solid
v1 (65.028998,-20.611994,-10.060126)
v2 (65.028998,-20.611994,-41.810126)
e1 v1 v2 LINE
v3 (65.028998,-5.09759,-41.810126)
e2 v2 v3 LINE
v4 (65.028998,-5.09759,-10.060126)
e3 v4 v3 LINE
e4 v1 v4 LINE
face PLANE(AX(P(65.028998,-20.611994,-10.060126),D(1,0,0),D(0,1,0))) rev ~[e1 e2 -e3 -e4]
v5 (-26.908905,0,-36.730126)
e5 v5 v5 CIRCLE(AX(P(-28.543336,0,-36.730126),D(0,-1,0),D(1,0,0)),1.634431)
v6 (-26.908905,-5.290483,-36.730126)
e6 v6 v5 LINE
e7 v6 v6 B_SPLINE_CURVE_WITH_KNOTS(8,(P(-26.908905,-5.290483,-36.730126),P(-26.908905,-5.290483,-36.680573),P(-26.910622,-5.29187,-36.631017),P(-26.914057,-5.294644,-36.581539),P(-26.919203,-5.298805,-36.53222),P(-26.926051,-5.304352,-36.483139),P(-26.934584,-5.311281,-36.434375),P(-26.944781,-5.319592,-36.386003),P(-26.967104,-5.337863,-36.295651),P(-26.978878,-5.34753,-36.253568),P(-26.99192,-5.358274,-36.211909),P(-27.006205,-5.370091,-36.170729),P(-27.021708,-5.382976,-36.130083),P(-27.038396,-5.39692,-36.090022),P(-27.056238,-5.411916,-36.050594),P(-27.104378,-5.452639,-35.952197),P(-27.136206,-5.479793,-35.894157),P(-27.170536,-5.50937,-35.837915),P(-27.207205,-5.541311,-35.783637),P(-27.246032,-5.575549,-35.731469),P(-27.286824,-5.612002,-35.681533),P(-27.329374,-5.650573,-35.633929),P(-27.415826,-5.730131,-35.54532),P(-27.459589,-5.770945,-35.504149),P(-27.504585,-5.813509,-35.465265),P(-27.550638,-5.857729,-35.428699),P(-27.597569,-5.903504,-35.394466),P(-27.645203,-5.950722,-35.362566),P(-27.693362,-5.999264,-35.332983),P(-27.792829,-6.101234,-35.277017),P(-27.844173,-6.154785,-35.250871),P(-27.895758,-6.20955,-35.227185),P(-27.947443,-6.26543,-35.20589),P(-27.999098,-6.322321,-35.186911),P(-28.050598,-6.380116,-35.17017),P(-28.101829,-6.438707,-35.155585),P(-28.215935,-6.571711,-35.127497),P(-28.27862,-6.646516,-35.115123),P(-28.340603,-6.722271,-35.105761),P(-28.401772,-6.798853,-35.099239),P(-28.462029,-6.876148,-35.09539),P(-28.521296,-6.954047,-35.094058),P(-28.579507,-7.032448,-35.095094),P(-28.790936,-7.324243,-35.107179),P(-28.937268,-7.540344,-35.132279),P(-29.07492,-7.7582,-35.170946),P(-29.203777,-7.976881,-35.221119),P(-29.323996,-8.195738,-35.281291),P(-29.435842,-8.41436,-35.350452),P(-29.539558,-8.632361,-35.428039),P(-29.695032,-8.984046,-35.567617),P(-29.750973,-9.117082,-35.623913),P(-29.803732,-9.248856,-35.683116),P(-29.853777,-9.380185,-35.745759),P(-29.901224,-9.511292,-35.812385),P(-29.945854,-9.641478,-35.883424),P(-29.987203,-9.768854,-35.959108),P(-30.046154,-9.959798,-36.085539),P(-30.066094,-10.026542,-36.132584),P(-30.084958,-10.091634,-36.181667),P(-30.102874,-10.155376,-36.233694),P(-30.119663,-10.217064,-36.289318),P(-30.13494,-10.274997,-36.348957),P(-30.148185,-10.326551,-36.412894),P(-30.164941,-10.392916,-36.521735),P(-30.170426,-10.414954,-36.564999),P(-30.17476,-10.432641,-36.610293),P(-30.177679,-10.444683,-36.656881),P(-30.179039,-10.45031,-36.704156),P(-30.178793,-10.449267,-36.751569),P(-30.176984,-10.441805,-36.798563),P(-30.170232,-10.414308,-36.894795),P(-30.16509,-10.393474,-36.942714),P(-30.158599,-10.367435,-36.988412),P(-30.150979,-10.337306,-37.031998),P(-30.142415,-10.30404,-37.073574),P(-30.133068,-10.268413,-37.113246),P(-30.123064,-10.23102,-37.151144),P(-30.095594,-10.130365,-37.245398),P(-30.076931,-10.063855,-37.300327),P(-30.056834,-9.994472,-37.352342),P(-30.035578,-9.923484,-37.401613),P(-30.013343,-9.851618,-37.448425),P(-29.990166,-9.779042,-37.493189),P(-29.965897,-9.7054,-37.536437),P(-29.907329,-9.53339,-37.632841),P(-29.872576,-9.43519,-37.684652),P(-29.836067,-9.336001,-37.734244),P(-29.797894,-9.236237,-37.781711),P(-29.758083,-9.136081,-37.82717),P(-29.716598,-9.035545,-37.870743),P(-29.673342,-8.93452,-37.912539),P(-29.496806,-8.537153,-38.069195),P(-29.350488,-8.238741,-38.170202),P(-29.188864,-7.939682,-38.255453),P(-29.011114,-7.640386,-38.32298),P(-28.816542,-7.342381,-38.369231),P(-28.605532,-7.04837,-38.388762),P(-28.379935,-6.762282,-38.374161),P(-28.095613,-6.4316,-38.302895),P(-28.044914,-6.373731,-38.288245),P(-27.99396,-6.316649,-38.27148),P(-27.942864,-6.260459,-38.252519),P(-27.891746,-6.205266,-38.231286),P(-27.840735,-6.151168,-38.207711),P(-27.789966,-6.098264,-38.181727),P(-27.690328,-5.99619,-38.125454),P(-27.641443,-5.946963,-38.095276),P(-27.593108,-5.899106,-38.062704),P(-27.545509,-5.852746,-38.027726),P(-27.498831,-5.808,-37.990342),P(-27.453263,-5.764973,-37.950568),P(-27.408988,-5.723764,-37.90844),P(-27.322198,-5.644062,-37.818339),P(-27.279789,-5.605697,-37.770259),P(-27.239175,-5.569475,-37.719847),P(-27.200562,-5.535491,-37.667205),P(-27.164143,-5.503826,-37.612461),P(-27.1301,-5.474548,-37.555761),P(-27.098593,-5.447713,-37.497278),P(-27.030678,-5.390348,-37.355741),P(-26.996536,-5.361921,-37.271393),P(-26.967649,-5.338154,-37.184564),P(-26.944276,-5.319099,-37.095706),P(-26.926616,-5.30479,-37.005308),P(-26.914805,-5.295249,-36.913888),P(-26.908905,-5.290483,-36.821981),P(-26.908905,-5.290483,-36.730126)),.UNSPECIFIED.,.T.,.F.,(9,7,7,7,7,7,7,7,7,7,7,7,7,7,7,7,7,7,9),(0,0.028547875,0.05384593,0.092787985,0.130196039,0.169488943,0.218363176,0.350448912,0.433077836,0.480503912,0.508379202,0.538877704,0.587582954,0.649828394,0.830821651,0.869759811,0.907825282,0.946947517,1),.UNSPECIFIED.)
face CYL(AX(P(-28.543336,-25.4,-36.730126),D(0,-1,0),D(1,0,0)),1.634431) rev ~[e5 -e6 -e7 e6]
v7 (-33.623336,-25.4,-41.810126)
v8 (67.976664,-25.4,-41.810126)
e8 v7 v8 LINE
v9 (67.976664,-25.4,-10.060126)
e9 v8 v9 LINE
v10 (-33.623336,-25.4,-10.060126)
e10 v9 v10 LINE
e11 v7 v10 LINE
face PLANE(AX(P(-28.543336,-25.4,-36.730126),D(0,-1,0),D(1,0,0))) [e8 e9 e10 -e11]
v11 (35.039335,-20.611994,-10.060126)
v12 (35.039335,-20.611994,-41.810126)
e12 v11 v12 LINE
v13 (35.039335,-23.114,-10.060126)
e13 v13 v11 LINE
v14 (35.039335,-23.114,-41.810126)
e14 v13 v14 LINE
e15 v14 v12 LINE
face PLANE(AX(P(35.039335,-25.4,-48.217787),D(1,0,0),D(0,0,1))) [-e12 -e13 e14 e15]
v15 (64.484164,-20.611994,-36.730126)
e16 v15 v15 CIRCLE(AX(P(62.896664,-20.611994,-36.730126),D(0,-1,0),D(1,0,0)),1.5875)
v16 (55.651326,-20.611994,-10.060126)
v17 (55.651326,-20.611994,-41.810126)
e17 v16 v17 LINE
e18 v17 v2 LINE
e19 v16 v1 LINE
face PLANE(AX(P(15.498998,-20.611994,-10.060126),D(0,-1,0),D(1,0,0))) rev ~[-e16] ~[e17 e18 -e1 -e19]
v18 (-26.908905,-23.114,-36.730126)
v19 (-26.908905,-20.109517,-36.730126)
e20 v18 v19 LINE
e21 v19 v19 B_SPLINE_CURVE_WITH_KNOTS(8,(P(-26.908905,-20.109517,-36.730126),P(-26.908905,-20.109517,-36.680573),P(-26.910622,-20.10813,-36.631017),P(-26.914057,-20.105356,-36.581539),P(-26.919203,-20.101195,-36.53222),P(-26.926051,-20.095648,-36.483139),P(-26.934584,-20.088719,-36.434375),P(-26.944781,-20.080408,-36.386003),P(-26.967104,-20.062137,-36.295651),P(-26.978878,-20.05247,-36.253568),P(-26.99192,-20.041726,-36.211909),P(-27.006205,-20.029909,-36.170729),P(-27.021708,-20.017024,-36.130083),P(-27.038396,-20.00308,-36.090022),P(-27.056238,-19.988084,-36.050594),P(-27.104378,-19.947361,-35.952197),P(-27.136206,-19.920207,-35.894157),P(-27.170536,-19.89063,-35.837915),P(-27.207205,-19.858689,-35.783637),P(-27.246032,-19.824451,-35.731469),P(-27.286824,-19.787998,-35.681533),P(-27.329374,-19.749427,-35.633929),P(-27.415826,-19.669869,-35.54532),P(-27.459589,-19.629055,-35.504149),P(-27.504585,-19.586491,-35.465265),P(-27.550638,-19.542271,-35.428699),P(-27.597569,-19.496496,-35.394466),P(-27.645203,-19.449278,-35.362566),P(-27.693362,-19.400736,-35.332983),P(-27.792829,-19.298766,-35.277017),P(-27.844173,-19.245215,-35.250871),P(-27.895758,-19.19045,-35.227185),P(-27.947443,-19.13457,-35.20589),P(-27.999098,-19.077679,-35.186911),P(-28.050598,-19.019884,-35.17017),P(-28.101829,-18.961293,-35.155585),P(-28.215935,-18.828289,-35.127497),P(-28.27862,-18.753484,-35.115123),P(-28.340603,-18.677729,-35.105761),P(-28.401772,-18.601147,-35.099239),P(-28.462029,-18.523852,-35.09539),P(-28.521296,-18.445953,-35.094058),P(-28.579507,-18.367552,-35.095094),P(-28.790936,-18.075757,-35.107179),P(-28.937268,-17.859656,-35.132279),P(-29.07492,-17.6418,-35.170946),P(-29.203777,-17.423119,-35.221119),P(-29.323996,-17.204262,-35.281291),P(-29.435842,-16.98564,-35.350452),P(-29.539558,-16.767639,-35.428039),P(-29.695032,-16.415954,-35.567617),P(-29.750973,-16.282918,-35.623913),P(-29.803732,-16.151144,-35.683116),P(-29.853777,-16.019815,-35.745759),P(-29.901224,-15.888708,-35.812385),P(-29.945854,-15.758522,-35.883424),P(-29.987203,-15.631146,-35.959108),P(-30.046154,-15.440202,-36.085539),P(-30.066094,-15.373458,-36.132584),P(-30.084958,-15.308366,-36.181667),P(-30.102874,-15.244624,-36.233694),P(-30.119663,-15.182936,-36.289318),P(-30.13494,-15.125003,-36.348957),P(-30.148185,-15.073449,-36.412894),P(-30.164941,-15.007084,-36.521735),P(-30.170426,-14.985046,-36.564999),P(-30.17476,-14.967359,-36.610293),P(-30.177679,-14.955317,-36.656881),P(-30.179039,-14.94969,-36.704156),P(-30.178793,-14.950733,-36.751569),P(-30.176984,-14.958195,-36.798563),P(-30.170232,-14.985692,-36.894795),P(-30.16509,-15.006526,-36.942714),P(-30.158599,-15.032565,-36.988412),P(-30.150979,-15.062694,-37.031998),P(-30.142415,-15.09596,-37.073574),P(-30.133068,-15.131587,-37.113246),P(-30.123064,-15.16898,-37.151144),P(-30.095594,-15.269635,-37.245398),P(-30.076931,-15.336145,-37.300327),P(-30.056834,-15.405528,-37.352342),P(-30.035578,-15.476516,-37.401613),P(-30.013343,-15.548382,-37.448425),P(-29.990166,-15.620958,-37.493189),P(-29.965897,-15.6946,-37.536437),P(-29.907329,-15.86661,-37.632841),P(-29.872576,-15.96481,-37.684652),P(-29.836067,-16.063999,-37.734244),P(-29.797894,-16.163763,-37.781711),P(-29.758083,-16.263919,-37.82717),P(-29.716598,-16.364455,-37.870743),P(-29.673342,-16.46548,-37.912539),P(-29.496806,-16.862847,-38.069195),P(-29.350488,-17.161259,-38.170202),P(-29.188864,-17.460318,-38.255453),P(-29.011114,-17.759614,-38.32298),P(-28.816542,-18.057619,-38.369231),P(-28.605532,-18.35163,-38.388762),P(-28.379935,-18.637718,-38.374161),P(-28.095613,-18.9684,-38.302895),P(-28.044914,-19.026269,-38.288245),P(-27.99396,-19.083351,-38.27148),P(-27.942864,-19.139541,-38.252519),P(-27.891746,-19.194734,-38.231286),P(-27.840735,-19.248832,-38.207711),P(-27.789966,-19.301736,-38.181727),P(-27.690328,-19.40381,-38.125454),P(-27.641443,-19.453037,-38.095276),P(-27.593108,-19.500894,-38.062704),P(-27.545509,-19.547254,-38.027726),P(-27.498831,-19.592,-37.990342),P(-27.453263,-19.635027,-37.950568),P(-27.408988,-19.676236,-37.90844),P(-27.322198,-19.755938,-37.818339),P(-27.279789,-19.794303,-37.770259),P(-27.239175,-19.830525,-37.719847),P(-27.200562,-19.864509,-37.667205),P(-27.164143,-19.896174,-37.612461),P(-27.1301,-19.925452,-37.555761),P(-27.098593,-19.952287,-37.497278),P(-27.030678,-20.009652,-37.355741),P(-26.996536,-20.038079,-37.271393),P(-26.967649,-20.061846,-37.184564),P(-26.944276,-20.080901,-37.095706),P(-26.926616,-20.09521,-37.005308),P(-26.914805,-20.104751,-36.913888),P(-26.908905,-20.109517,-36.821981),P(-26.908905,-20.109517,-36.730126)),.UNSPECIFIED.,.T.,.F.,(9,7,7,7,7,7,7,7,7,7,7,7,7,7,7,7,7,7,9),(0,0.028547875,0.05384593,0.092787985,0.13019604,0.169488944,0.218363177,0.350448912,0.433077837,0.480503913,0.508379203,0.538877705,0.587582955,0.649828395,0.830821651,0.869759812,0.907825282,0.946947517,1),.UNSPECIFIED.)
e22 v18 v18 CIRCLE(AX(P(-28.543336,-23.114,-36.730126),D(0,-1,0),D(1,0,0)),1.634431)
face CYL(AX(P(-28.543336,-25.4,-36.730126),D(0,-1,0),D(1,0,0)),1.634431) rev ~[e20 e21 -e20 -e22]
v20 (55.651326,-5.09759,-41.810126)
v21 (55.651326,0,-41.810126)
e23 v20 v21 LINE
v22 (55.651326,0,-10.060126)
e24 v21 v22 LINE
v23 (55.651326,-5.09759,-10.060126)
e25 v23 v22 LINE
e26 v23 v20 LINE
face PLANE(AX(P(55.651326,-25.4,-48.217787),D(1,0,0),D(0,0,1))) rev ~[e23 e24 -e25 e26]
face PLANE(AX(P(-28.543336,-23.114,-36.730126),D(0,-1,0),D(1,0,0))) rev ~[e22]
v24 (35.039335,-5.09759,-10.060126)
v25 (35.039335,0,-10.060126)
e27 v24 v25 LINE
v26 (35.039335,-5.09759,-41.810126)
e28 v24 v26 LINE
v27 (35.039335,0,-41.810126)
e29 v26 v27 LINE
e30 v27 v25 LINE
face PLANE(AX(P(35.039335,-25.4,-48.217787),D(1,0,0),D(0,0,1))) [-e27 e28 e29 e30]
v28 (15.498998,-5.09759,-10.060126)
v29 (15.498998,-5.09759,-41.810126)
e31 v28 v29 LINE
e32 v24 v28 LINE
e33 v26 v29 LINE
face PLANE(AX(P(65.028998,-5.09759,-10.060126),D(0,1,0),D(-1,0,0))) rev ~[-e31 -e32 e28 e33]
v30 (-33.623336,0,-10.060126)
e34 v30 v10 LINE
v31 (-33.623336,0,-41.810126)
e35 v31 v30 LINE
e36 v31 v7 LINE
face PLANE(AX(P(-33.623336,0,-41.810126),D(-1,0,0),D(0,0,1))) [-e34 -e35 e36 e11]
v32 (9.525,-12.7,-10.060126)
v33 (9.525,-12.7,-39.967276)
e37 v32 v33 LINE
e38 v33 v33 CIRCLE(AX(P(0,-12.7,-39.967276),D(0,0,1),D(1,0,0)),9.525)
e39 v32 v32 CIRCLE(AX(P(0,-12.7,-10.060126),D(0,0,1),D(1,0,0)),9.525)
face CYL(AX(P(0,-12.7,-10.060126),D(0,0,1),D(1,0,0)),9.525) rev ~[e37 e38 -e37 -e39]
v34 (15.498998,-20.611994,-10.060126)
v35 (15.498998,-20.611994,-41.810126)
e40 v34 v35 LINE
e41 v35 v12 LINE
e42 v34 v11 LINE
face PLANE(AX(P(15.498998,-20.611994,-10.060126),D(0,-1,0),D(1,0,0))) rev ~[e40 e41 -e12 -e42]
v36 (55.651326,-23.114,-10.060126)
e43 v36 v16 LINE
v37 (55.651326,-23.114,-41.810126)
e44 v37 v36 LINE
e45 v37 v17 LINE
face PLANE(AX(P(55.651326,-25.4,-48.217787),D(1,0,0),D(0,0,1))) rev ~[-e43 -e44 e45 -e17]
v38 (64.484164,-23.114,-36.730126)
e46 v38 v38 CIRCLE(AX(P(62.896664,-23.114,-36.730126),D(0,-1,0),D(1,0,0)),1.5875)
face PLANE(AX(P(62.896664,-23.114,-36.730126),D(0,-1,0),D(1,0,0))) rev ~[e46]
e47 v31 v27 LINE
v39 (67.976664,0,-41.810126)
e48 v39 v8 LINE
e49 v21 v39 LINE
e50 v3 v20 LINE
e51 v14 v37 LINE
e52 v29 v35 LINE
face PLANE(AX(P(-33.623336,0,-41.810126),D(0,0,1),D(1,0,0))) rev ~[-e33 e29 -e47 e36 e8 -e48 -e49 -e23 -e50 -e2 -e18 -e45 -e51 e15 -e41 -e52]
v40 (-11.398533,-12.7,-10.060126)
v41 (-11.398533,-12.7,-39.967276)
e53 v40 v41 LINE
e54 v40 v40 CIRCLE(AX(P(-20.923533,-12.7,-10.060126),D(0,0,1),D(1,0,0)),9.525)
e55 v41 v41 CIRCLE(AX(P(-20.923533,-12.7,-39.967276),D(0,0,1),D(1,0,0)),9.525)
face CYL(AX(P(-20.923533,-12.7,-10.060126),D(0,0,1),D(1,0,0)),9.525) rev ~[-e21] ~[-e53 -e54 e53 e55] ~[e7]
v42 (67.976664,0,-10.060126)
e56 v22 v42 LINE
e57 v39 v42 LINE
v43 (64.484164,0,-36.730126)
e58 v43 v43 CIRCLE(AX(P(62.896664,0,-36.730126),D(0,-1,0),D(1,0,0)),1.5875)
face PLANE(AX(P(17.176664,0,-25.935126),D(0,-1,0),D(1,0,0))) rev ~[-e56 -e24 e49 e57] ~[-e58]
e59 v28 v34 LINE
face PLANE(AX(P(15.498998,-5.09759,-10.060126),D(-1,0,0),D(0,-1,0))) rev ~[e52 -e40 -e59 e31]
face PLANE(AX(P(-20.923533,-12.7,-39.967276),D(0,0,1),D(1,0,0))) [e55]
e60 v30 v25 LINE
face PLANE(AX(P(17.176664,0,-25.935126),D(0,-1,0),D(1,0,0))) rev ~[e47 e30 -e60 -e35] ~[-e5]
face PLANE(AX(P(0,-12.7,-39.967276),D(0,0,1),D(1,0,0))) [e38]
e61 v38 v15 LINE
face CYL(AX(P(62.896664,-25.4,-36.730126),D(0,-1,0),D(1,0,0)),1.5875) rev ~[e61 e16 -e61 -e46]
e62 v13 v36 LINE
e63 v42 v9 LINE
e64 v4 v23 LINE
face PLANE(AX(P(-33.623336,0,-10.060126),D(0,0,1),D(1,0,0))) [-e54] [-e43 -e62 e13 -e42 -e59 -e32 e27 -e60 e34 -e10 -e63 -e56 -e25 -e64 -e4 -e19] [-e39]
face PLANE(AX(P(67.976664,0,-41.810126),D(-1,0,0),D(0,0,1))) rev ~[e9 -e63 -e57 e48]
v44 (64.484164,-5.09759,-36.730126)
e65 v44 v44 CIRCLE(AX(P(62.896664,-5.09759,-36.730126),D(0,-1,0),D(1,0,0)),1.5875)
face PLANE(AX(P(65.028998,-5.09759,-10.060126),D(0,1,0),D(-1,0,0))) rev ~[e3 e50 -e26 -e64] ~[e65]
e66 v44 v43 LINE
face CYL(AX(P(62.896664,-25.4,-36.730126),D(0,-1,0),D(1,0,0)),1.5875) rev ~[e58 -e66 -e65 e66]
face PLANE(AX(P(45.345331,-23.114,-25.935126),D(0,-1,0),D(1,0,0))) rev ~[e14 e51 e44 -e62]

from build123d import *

# Parameters (mm, degrees)
F0_W     = 101.6
F0_H     = 31.75
F1_DEPTH = 25.4
F2_R     = 9.525
F3_DEPTH = 29.90715
F4_R     = 1.6344312683
F4_R_2   = 1.5875
F4_W     = 20.6119902432
F4_H     = 38.1576609752
F5_DEPTH = 25.4
F4_H_2   = 31.75
F4_H_3   = 6.4076609752
F6_DEPTH = 2.286
F7_DEPTH = 76.2
F8_DEPTH = 6.4076609752


with BuildPart() as f1:
    # F0 (on Front) → F1 (new body)
    with BuildSketch(Plane.XZ):
        with Locations((17.1766635031, -25.9351255724)):
            Rectangle(F0_W, F0_H)
    extrude(amount=F1_DEPTH)

    # F2 (on face) → F3 (cut)
    with BuildSketch(Plane.XY.offset(-10.0601255724)):
        with Locations((-20.9235325456, -12.7)):
            Circle(F2_R)
        with Locations((0, -12.7)):
            Circle(F2_R)
        Polygon((15.4989976436, -5.0975899212), (15.4989976436, -20.6119939685), (65.0289976436, -20.6119939685), (65.0289976436, -5.0975899212), (40.2639976436, -5.0975899212), align=None)
    extrude(amount=-F3_DEPTH, mode=Mode.SUBTRACT)

    # F4 (on face) → F5 (cut)
    with BuildSketch(Plane.XZ.offset(25.4)):
        with Locations((-28.5433364969, -36.7301255724)):
            Circle(F4_R)
        with Locations((62.8966635031, -36.7301255724)):
            Circle(F4_R_2)
        with Locations((45.3453306109, -29.13895606)):
            Rectangle(F4_W, F4_H)
    extrude(amount=-F5_DEPTH, mode=Mode.SUBTRACT)

    # F4 (on face) → F6 (join)
    with BuildSketch(Plane.XZ.offset(25.4)):
        with Locations((-28.5433364969, -36.7301255724)):
            Circle(F4_R)
        with Locations((62.8966635031, -36.7301255724)):
            Circle(F4_R_2)
        with Locations((45.3453306109, -25.9351255724)):
            Rectangle(F4_W, F4_H_2)
        with Locations((45.3453306109, -45.01395606)):
            Rectangle(F4_W, F4_H_3)
    extrude(amount=-F6_DEPTH)

    # F2 (on face) → F7 (cut)
    with BuildSketch(Plane.XY.offset(-10.0601255724)):
        Polygon((15.4989976436, -5.0975899212), (15.4989976436, -20.6119939685), (65.0289976436, -20.6119939685), (65.0289976436, -5.0975899212), (40.2639976436, -5.0975899212), align=None)
    extrude(amount=-F7_DEPTH, mode=Mode.SUBTRACT)

    # F8 (cut, through all): a face of the model
    f8_faces = [f1.faces().sort_by_distance(p)[0] for p in [
        (45.3453306109, -24.257, -48.2177865475),
    ]]
    extrude(f8_faces, amount=-F8_DEPTH, mode=Mode.SUBTRACT)


solid = f1.part
